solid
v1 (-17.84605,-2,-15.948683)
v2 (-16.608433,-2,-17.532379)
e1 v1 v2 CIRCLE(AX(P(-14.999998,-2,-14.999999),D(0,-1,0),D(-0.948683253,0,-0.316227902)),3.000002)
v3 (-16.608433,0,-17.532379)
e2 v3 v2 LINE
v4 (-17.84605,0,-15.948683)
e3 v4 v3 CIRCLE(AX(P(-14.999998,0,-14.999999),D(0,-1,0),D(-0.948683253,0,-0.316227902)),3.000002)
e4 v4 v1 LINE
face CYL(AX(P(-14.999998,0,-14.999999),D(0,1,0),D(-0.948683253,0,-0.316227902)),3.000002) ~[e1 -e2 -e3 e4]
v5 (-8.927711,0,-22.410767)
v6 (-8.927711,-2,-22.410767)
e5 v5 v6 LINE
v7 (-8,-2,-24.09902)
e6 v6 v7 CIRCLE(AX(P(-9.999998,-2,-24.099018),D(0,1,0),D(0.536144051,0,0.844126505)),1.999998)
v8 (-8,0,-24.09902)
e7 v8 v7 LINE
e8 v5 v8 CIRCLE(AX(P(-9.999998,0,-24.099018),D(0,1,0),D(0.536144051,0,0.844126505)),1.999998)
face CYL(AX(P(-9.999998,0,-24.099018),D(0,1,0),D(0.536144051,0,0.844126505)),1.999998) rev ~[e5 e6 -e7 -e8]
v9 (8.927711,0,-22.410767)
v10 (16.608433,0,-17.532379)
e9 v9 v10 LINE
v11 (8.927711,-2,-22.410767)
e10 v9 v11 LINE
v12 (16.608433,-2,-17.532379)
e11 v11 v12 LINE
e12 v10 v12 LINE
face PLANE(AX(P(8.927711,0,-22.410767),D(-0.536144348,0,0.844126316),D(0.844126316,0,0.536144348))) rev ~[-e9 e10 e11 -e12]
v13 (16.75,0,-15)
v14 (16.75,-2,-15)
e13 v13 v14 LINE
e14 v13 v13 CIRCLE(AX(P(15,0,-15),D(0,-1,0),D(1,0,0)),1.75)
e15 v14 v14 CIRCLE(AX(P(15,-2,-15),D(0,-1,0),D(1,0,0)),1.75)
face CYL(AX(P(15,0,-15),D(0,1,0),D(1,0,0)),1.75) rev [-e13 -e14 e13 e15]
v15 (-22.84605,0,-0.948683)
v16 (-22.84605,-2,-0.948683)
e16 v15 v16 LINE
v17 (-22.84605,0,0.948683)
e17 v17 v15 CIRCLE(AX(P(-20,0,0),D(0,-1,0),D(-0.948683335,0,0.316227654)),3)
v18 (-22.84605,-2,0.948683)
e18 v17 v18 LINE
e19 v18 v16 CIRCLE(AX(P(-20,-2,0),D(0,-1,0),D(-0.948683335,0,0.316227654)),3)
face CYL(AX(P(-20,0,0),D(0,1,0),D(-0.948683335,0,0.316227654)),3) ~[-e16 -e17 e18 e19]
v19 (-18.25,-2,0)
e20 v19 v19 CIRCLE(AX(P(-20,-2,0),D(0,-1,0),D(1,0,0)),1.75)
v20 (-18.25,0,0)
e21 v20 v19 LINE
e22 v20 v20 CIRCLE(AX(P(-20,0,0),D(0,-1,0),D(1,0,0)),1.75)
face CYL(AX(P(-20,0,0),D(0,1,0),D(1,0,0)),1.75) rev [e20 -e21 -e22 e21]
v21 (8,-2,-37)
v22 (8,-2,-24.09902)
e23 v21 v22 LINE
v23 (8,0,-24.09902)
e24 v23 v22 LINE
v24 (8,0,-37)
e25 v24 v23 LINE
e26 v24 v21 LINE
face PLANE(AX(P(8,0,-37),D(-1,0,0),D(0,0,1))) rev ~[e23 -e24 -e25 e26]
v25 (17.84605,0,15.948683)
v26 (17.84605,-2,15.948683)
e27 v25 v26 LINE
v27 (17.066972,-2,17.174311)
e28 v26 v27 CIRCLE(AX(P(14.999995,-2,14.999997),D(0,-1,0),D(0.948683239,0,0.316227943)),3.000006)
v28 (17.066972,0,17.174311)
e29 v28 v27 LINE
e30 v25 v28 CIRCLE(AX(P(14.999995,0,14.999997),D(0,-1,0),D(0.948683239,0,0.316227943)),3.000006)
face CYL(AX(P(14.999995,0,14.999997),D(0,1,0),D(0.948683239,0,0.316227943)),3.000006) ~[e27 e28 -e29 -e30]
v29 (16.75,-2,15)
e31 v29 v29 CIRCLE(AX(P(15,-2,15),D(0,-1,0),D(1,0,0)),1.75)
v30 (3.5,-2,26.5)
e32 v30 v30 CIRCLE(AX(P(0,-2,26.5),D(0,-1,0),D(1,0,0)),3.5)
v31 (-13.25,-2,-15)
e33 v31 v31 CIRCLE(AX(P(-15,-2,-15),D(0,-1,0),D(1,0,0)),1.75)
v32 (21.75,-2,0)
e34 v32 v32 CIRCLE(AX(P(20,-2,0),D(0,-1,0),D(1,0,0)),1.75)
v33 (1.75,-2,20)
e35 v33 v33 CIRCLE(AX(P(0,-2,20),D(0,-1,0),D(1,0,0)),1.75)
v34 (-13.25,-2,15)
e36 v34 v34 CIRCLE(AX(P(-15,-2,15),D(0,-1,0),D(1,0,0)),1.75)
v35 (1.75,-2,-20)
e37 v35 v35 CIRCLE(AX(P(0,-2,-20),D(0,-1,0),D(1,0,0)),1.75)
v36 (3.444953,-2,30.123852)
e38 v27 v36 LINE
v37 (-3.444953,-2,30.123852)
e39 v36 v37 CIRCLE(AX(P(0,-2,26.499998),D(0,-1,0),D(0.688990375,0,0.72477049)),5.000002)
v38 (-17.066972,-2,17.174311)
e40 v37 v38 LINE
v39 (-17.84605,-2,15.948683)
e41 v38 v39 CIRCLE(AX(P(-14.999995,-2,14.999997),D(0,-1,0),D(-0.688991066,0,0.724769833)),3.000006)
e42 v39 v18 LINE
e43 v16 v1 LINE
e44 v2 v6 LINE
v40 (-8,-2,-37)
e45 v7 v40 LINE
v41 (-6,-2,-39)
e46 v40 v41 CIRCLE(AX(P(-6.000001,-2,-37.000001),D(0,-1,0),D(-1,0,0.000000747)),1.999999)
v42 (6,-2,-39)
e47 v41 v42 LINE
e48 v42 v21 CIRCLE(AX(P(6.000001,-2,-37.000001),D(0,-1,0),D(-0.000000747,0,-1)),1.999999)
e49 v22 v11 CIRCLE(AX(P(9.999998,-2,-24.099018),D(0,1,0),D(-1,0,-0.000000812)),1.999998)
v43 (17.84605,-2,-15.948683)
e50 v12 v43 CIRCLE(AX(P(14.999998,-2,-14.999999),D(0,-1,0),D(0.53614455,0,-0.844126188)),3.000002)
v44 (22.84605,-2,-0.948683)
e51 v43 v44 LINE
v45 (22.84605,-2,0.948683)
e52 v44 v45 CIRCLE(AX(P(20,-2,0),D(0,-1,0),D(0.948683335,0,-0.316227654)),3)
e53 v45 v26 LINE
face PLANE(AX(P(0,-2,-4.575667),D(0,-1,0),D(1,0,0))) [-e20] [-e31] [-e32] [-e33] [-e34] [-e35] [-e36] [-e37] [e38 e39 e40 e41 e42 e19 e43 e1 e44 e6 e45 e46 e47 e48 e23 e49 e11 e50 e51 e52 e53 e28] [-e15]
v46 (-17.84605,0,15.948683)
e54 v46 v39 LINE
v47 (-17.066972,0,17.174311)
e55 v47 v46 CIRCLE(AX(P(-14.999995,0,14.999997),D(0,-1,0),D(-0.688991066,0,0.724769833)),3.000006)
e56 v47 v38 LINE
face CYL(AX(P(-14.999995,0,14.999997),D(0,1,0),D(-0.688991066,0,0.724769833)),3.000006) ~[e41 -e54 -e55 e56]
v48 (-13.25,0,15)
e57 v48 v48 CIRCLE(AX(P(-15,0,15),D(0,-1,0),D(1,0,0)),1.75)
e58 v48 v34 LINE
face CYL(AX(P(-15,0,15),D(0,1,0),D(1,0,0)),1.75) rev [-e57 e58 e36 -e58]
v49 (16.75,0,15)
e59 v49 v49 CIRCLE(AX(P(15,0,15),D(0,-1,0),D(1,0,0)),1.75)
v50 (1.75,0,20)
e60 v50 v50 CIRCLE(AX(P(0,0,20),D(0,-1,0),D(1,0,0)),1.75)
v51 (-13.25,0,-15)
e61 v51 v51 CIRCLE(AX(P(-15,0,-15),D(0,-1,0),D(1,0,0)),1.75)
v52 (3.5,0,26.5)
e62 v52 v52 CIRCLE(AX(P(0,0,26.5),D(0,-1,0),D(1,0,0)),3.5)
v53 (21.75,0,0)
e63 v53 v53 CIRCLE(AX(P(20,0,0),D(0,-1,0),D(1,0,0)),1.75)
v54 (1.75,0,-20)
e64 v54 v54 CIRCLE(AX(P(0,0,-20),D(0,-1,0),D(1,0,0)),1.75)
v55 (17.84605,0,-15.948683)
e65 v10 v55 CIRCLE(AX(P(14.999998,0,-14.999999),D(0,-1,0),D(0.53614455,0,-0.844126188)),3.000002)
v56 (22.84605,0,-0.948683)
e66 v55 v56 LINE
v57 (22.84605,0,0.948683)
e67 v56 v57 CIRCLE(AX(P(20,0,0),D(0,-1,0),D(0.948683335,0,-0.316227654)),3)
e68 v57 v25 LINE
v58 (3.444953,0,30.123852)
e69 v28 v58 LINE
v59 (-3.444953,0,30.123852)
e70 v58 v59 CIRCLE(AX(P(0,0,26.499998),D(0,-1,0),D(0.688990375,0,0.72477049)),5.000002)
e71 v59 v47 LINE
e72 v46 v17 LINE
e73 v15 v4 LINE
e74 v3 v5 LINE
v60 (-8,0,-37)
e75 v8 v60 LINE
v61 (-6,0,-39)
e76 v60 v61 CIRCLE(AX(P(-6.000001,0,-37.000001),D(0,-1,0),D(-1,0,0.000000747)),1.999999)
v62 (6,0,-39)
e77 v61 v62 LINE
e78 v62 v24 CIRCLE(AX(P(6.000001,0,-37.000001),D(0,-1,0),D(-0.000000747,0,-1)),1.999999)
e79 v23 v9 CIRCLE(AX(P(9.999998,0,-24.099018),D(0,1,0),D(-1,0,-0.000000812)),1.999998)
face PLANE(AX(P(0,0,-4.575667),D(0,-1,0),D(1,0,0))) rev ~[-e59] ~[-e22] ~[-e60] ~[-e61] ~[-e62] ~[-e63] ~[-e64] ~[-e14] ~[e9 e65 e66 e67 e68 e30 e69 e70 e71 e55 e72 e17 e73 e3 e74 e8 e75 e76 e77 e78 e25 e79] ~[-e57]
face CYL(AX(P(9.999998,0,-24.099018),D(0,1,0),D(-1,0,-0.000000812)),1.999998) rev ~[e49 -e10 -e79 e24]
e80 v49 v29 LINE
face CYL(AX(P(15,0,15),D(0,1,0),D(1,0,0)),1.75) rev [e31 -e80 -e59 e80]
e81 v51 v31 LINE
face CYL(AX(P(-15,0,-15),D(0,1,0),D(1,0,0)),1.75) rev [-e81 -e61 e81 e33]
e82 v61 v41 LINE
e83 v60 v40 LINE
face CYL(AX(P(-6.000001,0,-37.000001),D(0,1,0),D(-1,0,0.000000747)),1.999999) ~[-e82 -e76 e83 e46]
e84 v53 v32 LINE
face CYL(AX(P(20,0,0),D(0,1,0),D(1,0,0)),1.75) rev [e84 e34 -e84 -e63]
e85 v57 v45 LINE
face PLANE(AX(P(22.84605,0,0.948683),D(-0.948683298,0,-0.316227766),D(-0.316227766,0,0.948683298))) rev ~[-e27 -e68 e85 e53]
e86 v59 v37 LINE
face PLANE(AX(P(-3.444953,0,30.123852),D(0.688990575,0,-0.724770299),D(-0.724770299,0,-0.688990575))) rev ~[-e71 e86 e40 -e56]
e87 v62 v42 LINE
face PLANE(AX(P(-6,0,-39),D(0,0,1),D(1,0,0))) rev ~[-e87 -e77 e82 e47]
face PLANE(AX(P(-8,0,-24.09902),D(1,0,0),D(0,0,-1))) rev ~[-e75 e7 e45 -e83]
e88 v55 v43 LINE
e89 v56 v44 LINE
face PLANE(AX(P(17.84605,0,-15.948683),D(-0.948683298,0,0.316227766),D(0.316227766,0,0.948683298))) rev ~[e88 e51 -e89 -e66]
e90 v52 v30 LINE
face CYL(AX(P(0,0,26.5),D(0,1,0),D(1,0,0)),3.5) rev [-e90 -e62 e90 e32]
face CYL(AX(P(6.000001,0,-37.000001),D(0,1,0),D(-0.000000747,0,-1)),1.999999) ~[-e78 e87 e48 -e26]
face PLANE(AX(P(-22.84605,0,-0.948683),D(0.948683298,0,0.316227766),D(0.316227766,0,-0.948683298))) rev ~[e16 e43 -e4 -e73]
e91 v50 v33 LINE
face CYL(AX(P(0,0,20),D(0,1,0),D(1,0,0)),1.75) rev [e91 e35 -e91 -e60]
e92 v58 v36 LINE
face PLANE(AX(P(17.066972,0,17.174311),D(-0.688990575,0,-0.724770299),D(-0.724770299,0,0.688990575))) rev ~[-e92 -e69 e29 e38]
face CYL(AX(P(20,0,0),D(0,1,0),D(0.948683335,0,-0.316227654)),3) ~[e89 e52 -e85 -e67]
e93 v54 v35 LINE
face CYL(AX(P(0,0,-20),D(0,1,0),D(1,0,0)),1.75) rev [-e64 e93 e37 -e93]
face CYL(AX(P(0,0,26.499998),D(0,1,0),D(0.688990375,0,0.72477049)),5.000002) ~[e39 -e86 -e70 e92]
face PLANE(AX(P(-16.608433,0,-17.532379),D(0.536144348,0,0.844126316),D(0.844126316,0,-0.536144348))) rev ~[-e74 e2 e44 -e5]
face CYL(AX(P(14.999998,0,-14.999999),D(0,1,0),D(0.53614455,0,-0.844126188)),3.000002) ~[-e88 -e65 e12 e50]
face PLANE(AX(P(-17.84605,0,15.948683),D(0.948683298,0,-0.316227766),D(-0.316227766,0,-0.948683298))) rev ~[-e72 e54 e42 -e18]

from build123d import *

# Parameters (mm, degrees)
F0_R     = 1.75
F0_R_2   = 3.5
F1_DEPTH = 2


with BuildPart() as f1:
    # F0 (on Front) → F1 (new body)
    with BuildSketch(Plane.XZ):
        with BuildLine():
            Line((8.927711, -22.410767), (16.608433, -17.532379))
            ThreePointArc((16.608433, -17.532379), (17.363816, -16.847261), (17.84605, -15.948683))
            Line((17.84605, -15.948683), (22.84605, -0.948683))
            ThreePointArc((22.84605, -0.948683), (23, 0), (22.84605, 0.948683))
            Line((22.84605, 0.948683), (17.84605, 15.948683))
            ThreePointArc((17.84605, 15.948683), (17.531795, 16.609352), (17.066972, 17.174311))
            Line((17.066972, 17.174311), (3.444953, 30.123852))
            ThreePointArc((3.444953, 30.123852), (0, 31.5), (-3.444953, 30.123852))
            Line((-3.444953, 30.123852), (-17.066972, 17.174311))
            ThreePointArc((-17.066972, 17.174311), (-17.531795, 16.609352), (-17.84605, 15.948683))
            Line((-17.84605, 15.948683), (-22.84605, 0.948683))
            ThreePointArc((-22.84605, 0.948683), (-23, 0), (-22.84605, -0.948683))
            Line((-22.84605, -0.948683), (-17.84605, -15.948683))
            ThreePointArc((-17.84605, -15.948683), (-17.363816, -16.847261), (-16.608433, -17.532379))
            Line((-16.608433, -17.532379), (-8.927711, -22.410767))
            ThreePointArc((-8.927711, -22.410767), (-8.247205, -23.135842), (-8, -24.09902))
            Line((-8, -24.09902), (-8, -37))
            ThreePointArc((-8, -37), (-7.414214, -38.414214), (-6, -39))
            Line((-6, -39), (6, -39))
            ThreePointArc((6, -39), (7.414214, -38.414214), (8, -37))
            Line((8, -37), (8, -24.09902))
            ThreePointArc((8, -24.09902), (8.247205, -23.135842), (8.927711, -22.410767))
        make_face()
        with Locations((-15, -15)):
            Circle(F0_R, mode=Mode.SUBTRACT)
        with Locations((0, -20)):
            Circle(F0_R, mode=Mode.SUBTRACT)
        with Locations((15, -15)):
            Circle(F0_R, mode=Mode.SUBTRACT)
        with Locations((-20, 0)):
            Circle(F0_R, mode=Mode.SUBTRACT)
        with Locations((-15, 15)):
            Circle(F0_R, mode=Mode.SUBTRACT)
        with Locations((20, 0)):
            Circle(F0_R, mode=Mode.SUBTRACT)
        with Locations((0, 20)):
            Circle(F0_R, mode=Mode.SUBTRACT)
        with Locations((0, 26.5)):
            Circle(F0_R_2, mode=Mode.SUBTRACT)
        with Locations((15, 15)):
            Circle(F0_R, mode=Mode.SUBTRACT)
    extrude(amount=F1_DEPTH)


solid = f1.part
